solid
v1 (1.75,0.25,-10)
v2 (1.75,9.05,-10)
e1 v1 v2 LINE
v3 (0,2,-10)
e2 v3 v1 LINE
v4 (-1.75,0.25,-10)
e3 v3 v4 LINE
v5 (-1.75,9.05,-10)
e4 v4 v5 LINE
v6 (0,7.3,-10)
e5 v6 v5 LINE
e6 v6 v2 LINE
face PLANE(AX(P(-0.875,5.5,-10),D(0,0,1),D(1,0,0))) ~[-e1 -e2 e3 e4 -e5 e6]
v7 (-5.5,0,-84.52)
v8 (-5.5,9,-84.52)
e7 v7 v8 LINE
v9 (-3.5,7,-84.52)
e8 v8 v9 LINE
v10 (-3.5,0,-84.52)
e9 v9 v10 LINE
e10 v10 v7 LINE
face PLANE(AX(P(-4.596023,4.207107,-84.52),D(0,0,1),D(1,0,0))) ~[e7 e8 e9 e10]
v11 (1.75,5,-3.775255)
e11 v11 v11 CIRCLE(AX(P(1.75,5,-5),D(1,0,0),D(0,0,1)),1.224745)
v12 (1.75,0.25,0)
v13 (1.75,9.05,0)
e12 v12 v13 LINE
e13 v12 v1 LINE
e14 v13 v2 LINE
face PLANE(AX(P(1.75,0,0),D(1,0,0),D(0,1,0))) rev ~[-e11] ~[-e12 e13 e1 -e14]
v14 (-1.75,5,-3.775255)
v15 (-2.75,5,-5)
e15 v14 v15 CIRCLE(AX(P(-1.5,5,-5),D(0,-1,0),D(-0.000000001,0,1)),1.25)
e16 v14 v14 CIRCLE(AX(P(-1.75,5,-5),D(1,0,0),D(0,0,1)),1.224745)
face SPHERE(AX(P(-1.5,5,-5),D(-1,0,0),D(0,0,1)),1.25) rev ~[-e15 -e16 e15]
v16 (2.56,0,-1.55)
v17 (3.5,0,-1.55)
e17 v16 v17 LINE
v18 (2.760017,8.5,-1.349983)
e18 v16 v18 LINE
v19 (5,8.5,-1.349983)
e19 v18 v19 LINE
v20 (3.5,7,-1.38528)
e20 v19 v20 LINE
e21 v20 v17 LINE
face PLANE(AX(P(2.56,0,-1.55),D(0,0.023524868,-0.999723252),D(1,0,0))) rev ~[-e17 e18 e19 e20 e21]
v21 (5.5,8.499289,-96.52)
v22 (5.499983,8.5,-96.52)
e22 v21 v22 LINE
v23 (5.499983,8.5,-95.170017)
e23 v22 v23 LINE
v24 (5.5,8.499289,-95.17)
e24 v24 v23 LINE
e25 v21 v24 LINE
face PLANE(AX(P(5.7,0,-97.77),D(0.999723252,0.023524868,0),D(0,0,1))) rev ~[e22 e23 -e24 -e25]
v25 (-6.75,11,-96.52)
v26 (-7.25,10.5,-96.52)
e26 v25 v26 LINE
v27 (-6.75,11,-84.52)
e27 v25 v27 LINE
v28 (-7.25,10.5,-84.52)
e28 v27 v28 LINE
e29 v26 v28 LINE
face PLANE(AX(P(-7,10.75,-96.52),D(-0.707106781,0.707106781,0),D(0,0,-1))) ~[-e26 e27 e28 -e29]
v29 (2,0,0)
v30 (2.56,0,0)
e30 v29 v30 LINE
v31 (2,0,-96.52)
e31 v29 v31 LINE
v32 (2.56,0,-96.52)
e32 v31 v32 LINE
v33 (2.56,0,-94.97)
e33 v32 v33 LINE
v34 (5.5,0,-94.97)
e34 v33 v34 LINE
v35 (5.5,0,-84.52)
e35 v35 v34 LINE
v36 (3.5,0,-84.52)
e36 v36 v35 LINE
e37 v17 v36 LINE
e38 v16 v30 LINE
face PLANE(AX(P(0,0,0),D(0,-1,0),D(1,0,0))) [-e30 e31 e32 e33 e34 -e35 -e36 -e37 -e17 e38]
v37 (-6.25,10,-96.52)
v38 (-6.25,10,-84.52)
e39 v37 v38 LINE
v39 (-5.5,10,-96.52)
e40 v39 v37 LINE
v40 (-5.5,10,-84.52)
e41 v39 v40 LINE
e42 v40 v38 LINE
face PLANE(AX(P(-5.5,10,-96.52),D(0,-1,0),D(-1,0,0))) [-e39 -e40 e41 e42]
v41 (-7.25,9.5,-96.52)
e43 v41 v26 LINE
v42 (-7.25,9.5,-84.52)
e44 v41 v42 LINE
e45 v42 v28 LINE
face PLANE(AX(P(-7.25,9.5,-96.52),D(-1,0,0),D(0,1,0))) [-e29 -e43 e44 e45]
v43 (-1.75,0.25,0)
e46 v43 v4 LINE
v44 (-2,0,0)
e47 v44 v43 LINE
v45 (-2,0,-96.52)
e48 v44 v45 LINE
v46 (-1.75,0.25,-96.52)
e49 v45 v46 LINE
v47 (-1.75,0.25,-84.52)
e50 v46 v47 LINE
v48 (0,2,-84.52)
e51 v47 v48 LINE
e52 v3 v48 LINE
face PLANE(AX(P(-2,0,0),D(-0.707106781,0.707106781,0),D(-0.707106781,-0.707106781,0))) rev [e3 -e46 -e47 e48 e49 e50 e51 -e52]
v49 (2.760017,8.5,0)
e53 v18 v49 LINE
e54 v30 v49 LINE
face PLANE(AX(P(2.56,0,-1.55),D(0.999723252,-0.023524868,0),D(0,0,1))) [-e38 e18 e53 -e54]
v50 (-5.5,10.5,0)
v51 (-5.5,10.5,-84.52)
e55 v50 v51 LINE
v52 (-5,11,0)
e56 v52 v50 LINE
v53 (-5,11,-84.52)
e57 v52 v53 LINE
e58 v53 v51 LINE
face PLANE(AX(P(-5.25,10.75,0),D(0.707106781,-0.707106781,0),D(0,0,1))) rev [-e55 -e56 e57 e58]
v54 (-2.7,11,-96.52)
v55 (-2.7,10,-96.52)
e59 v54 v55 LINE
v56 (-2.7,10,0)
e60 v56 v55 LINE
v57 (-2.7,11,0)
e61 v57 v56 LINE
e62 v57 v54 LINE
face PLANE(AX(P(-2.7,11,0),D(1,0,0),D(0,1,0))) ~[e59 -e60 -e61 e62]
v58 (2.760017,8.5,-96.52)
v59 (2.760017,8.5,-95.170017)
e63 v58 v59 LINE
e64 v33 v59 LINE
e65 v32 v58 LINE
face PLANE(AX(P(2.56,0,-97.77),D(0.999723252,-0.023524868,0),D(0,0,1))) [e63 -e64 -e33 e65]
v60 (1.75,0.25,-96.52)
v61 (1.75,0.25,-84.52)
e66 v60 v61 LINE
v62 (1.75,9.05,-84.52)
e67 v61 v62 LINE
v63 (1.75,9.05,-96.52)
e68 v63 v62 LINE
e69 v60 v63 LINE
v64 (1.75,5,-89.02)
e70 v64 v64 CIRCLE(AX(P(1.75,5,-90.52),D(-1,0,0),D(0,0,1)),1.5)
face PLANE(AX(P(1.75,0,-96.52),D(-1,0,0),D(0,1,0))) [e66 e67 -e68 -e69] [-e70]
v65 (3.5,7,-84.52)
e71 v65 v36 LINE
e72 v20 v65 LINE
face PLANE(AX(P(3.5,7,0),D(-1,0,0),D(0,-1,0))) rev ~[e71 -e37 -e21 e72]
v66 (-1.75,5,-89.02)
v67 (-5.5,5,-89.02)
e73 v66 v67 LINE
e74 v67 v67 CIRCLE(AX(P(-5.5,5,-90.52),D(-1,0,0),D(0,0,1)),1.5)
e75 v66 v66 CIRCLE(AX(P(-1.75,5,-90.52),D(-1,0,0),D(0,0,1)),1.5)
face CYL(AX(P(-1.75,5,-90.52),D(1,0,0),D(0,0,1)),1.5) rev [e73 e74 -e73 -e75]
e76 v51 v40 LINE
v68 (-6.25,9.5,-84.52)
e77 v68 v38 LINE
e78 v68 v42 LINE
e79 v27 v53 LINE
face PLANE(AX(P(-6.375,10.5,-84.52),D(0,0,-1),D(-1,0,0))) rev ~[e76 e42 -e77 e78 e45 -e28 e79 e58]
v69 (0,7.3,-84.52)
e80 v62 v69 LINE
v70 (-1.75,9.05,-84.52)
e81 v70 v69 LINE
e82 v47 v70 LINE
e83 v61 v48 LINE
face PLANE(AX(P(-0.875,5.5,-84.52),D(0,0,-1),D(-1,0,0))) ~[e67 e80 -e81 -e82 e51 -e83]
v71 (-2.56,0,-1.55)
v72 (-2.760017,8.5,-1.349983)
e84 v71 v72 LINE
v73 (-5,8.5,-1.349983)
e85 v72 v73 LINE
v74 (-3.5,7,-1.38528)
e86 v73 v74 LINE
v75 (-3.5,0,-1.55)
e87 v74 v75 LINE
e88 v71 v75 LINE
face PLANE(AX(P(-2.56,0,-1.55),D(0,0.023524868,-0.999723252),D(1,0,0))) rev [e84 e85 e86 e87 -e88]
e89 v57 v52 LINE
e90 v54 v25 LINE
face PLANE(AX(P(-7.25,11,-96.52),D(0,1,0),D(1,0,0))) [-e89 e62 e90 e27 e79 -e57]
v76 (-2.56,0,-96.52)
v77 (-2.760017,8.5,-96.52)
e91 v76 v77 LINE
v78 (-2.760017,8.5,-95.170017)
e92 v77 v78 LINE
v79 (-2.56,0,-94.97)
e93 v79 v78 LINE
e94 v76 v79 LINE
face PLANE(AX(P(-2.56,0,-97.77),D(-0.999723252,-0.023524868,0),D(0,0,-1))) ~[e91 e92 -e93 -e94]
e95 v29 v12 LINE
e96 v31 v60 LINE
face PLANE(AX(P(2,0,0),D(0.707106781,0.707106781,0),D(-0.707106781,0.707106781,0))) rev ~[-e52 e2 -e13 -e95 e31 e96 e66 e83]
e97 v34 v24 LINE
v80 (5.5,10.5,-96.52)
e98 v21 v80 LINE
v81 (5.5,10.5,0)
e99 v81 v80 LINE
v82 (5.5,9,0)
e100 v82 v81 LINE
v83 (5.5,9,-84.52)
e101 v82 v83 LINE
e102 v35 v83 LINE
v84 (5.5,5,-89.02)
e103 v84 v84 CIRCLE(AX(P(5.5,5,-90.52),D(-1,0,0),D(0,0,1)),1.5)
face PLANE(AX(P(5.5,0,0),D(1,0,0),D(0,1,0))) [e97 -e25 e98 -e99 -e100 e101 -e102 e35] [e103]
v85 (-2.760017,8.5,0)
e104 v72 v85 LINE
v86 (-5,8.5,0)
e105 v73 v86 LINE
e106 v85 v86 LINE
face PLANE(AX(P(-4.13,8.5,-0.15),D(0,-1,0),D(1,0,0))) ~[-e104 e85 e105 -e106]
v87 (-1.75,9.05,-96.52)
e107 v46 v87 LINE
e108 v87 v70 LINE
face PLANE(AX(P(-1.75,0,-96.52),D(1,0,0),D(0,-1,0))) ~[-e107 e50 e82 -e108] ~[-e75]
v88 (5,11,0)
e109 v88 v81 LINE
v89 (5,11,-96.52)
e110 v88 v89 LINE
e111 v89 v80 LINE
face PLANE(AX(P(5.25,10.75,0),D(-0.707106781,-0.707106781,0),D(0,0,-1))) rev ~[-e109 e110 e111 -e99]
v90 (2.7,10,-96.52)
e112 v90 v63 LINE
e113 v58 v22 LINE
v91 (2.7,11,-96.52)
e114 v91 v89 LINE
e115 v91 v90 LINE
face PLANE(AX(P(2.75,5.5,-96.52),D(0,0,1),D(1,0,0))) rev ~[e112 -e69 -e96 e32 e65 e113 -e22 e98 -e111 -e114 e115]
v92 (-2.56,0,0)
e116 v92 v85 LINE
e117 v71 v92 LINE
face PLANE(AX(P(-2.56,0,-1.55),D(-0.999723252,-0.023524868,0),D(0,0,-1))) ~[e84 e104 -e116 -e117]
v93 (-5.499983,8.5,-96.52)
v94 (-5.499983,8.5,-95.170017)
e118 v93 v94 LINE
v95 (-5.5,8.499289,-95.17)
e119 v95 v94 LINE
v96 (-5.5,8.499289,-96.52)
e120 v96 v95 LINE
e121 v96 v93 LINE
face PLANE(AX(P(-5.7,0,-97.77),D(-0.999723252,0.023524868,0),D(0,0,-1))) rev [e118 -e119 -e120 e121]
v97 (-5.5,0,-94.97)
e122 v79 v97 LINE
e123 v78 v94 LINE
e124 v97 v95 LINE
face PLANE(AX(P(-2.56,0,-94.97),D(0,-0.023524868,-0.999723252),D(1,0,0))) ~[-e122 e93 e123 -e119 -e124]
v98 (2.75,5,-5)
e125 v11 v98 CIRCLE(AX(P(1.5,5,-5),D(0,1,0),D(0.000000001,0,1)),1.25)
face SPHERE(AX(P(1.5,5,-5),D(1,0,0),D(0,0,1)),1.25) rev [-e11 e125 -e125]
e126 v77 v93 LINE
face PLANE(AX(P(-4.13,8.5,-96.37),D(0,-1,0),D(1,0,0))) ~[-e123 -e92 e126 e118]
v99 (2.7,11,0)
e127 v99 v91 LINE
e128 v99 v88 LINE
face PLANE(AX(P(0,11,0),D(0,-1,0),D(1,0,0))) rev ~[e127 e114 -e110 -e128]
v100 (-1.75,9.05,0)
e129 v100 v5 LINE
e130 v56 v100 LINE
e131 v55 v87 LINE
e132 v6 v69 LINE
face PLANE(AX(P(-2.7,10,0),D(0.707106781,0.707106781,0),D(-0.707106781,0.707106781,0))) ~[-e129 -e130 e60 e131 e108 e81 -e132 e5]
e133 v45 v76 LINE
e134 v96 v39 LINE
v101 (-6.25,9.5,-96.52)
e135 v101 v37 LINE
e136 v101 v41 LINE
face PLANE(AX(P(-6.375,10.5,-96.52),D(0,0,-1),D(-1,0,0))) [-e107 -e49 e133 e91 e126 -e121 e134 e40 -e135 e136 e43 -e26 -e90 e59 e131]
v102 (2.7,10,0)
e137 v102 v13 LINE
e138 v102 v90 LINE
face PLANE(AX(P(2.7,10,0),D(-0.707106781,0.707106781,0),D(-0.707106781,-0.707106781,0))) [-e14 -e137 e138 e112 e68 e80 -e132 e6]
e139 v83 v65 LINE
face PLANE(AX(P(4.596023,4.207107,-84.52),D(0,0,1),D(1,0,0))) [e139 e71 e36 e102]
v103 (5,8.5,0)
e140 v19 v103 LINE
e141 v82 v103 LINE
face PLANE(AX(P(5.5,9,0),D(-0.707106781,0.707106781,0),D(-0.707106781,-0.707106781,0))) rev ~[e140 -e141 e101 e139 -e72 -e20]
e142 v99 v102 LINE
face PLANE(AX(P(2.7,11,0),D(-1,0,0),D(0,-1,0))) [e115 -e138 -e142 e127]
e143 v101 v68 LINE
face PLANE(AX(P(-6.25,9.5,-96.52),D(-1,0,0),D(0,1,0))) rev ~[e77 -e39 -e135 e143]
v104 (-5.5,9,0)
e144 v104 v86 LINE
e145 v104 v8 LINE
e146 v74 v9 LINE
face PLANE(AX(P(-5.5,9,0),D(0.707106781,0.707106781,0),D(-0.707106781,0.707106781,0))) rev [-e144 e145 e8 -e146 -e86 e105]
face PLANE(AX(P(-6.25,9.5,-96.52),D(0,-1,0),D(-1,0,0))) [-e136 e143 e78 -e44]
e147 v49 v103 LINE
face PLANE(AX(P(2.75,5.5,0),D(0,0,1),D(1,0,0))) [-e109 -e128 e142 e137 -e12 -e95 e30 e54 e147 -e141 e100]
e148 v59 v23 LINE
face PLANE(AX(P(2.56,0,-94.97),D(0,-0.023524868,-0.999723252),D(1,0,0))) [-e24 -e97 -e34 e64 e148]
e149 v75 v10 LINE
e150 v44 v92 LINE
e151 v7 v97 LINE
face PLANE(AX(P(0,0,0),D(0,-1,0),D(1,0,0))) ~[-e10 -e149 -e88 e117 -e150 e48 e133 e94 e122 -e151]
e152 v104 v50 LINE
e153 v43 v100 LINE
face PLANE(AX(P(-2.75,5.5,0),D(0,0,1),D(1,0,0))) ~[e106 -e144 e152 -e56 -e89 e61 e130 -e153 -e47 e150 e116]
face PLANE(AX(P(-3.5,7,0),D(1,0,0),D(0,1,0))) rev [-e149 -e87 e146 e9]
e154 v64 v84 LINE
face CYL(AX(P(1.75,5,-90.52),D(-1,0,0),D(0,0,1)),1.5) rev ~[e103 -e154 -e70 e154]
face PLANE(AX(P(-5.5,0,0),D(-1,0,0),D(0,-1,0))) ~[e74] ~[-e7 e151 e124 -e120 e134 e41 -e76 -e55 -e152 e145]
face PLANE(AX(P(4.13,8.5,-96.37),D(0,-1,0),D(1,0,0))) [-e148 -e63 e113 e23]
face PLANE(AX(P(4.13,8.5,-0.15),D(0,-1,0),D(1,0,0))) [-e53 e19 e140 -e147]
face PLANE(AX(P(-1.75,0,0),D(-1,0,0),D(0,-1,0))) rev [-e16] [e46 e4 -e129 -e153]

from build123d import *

# Parameters (mm, degrees)
SKETCH1_W                        = 5.5
SKETCH1_H                        = 11
MAIN_BASE_DEPTH                  = 96.52
SIDE_CUT_OUT_DEPTH               = 84.52
TOP_RUBBER_BAND_CUT_OUT_DEPTH    = 98.300361767
BOTTOM_RUBBER_BAND_CUT_OUT_DEPTH = 98.300361767
SKETCH6_W                        = 1.75
SKETCH6_H                        = 11
MOTOR_PULLEY_CUT_OUT_DEPTH       = 12
SKETCH7_W                        = 1.75
SKETCH7_H                        = 11
PULLEY_CUT_OUT_DEPTH             = 10
SKETCH11_R                       = 1.5
MOTOR_SHAFT_CUT_OUT_DEPTH        = 98.217143036
SKETCH17_W                       = 3.14
SKETCH17_H                       = 2.8
MOUNTING_POINTS_DEPTH            = 8.5
MOUNTING_POINTS_DRAFT            = -1.348
MOUNTING_POINTS_PROFILE_2_DEPTH  = 8.5
MOUNTING_POINTS_PROFILE_2_DRAFT  = -1.348
SKETCH13_W                       = 1
SKETCH13_H                       = 0.5
BOSS_EXTRUDE3_DEPTH              = 12
RAIL_CHAMFER_SIZE                = 0.5


with BuildPart() as part:
    # Sketch1 → main_base (new body)
    with BuildSketch(Plane.XY):
        with Locations((2.75, 5.5)):
            Rectangle(SKETCH1_W, SKETCH1_H)
    extrude(amount=-MAIN_BASE_DEPTH)

    # Sketch3 → side_cut_out (cut)
    with BuildSketch(Plane.XY):
        Polygon((5.5, 9), (3.5, 7), (3.5, 0), (5.5, 0), align=None)
    extrude(amount=-SIDE_CUT_OUT_DEPTH, mode=Mode.SUBTRACT)

    # Sketch4 → top_rubber_band_cut_out (cut, through all)
    with BuildSketch(Plane.XY):
        Polygon((0, 7.3), (0, 11), (2.7, 11), (2.7, 10), align=None)
    extrude(amount=-TOP_RUBBER_BAND_CUT_OUT_DEPTH, mode=Mode.SUBTRACT)

    # Sketch5 → bottom_rubber_band_cut_out (cut, through all)
    with BuildSketch(Plane.XY):
        Polygon((2, 0), (0, 2), (0, 0), align=None)
    extrude(amount=-BOTTOM_RUBBER_BAND_CUT_OUT_DEPTH, mode=Mode.SUBTRACT)

    # Sketch6 → motor_pulley_cut_out (cut)
    with BuildSketch(Plane(origin=(0, 0, -96.52), x_dir=(-1, 0, 0), z_dir=(0, 0, -1))):
        with Locations((-0.875, 5.5)):
            Rectangle(SKETCH6_W, SKETCH6_H)
    extrude(amount=-MOTOR_PULLEY_CUT_OUT_DEPTH, mode=Mode.SUBTRACT)

    # Sketch7 → pulley_cut_out (cut)
    with BuildSketch(Plane.XY):
        with Locations((0.875, 5.5)):
            Rectangle(SKETCH7_W, SKETCH7_H)
    extrude(amount=-PULLEY_CUT_OUT_DEPTH, mode=Mode.SUBTRACT)

    # Sketch10 → half_circle_cut_out (revolve, cut)
    with BuildSketch(Plane(origin=(0, 5, 0), x_dir=(1, 0, 0), z_dir=(0, 1, 0))):
        with BuildLine():
            Line((1.5, 5), (1.5, 3.75))
            ThreePointArc((1.5, 3.75), (2.383883476, 4.116116524), (2.75, 5))
            Line((2.75, 5), (1.5, 5))
        make_face()
    revolve(axis=Axis((2.75, 5, -5), (-1, 0, 0)), mode=Mode.SUBTRACT)

    # Sketch11 → motor_shaft_cut_out (cut, through all)
    with BuildSketch(Plane.ZY.offset(-1.75)):
        with Locations((-90.52, 5)):
            Circle(SKETCH11_R)
    extrude(amount=-MOTOR_SHAFT_CUT_OUT_DEPTH, mode=Mode.SUBTRACT)


with BuildPart() as mounting_points_tool:
    # Sketch17 → mounting_points (with draft: the straight prism first)
    with BuildSketch(Plane.XZ):
        with Locations((4.13, -0.15)):
            Rectangle(SKETCH17_W, SKETCH17_H)
    extrude(amount=-MOUNTING_POINTS_DEPTH)
    # mounting_points: the draft: its side faces are tilted about the plane it starts from
    mounting_points_sides = [mounting_points_tool.faces().sort_by_distance(p)[0] for p in [
        (4.13, 4.25, 1.25),
        (2.56, 4.25, -0.15),
        (4.13, 4.25, -1.55),
        (5.7, 4.25, -0.15),
    ]]
    draft(mounting_points_sides, Plane.XZ, MOUNTING_POINTS_DRAFT)


with BuildPart() as part_1:
    add(part.part)

    # mounting_points: cut by mounting_points_tool
    add(mounting_points_tool.part, mode=Mode.SUBTRACT)


with BuildPart() as mounting_points_profile_2_tool:
    # Sketch17 → mounting_points profile 2 (with draft: the straight prism first)
    with BuildSketch(Plane.XZ):
        with Locations((4.13, -96.37)):
            Rectangle(SKETCH17_W, SKETCH17_H)
    extrude(amount=-MOUNTING_POINTS_PROFILE_2_DEPTH)
    # mounting_points profile 2: the draft: its side faces are tilted about the plane it starts from
    mounting_points_profile_2_sides = [mounting_points_profile_2_tool.faces().sort_by_distance(p)[0] for p in [
        (4.13, 4.25, -97.77),
        (5.7, 4.25, -96.37),
        (4.13, 4.25, -94.97),
        (2.56, 4.25, -96.37),
    ]]
    draft(mounting_points_profile_2_sides, Plane.XZ, MOUNTING_POINTS_PROFILE_2_DRAFT)


with BuildPart() as part_2:
    add(part_1.part)

    # mounting_points profile 2: cut by mounting_points_profile_2_tool
    add(mounting_points_profile_2_tool.part, mode=Mode.SUBTRACT)

    # final_mirror: part across plane


with BuildPart() as part_3:
    add(part_2.part)
    add(part_2.part.mirror(Plane(origin=(0, 0, 0), x_dir=(0, 0, 1), z_dir=(1, 0, 0))))

    # Sketch13 → Boss-Extrude3 (add)
    with BuildSketch(Plane(origin=(0, 0, -96.52), x_dir=(-1, 0, 0), z_dir=(0, 0, -1))):
        Polygon((7.25, 11), (5.5, 11), (5.5, 10), (6.25, 10), (7.25, 10), align=None)
        with Locations((6.75, 9.75)):
            Rectangle(SKETCH13_W, SKETCH13_H)
    extrude(amount=-BOSS_EXTRUDE3_DEPTH)

    # rail_chamfer
    rail_chamfer_edges = [part_3.edges().sort_by_distance(p)[0] for p in [
        (-5.5, 11, -42.26),
        (-7.25, 11, -90.52),
        (5.5, 11, -48.26),
    ]]
    chamfer(rail_chamfer_edges, length=RAIL_CHAMFER_SIZE)


solid = part_3.part
